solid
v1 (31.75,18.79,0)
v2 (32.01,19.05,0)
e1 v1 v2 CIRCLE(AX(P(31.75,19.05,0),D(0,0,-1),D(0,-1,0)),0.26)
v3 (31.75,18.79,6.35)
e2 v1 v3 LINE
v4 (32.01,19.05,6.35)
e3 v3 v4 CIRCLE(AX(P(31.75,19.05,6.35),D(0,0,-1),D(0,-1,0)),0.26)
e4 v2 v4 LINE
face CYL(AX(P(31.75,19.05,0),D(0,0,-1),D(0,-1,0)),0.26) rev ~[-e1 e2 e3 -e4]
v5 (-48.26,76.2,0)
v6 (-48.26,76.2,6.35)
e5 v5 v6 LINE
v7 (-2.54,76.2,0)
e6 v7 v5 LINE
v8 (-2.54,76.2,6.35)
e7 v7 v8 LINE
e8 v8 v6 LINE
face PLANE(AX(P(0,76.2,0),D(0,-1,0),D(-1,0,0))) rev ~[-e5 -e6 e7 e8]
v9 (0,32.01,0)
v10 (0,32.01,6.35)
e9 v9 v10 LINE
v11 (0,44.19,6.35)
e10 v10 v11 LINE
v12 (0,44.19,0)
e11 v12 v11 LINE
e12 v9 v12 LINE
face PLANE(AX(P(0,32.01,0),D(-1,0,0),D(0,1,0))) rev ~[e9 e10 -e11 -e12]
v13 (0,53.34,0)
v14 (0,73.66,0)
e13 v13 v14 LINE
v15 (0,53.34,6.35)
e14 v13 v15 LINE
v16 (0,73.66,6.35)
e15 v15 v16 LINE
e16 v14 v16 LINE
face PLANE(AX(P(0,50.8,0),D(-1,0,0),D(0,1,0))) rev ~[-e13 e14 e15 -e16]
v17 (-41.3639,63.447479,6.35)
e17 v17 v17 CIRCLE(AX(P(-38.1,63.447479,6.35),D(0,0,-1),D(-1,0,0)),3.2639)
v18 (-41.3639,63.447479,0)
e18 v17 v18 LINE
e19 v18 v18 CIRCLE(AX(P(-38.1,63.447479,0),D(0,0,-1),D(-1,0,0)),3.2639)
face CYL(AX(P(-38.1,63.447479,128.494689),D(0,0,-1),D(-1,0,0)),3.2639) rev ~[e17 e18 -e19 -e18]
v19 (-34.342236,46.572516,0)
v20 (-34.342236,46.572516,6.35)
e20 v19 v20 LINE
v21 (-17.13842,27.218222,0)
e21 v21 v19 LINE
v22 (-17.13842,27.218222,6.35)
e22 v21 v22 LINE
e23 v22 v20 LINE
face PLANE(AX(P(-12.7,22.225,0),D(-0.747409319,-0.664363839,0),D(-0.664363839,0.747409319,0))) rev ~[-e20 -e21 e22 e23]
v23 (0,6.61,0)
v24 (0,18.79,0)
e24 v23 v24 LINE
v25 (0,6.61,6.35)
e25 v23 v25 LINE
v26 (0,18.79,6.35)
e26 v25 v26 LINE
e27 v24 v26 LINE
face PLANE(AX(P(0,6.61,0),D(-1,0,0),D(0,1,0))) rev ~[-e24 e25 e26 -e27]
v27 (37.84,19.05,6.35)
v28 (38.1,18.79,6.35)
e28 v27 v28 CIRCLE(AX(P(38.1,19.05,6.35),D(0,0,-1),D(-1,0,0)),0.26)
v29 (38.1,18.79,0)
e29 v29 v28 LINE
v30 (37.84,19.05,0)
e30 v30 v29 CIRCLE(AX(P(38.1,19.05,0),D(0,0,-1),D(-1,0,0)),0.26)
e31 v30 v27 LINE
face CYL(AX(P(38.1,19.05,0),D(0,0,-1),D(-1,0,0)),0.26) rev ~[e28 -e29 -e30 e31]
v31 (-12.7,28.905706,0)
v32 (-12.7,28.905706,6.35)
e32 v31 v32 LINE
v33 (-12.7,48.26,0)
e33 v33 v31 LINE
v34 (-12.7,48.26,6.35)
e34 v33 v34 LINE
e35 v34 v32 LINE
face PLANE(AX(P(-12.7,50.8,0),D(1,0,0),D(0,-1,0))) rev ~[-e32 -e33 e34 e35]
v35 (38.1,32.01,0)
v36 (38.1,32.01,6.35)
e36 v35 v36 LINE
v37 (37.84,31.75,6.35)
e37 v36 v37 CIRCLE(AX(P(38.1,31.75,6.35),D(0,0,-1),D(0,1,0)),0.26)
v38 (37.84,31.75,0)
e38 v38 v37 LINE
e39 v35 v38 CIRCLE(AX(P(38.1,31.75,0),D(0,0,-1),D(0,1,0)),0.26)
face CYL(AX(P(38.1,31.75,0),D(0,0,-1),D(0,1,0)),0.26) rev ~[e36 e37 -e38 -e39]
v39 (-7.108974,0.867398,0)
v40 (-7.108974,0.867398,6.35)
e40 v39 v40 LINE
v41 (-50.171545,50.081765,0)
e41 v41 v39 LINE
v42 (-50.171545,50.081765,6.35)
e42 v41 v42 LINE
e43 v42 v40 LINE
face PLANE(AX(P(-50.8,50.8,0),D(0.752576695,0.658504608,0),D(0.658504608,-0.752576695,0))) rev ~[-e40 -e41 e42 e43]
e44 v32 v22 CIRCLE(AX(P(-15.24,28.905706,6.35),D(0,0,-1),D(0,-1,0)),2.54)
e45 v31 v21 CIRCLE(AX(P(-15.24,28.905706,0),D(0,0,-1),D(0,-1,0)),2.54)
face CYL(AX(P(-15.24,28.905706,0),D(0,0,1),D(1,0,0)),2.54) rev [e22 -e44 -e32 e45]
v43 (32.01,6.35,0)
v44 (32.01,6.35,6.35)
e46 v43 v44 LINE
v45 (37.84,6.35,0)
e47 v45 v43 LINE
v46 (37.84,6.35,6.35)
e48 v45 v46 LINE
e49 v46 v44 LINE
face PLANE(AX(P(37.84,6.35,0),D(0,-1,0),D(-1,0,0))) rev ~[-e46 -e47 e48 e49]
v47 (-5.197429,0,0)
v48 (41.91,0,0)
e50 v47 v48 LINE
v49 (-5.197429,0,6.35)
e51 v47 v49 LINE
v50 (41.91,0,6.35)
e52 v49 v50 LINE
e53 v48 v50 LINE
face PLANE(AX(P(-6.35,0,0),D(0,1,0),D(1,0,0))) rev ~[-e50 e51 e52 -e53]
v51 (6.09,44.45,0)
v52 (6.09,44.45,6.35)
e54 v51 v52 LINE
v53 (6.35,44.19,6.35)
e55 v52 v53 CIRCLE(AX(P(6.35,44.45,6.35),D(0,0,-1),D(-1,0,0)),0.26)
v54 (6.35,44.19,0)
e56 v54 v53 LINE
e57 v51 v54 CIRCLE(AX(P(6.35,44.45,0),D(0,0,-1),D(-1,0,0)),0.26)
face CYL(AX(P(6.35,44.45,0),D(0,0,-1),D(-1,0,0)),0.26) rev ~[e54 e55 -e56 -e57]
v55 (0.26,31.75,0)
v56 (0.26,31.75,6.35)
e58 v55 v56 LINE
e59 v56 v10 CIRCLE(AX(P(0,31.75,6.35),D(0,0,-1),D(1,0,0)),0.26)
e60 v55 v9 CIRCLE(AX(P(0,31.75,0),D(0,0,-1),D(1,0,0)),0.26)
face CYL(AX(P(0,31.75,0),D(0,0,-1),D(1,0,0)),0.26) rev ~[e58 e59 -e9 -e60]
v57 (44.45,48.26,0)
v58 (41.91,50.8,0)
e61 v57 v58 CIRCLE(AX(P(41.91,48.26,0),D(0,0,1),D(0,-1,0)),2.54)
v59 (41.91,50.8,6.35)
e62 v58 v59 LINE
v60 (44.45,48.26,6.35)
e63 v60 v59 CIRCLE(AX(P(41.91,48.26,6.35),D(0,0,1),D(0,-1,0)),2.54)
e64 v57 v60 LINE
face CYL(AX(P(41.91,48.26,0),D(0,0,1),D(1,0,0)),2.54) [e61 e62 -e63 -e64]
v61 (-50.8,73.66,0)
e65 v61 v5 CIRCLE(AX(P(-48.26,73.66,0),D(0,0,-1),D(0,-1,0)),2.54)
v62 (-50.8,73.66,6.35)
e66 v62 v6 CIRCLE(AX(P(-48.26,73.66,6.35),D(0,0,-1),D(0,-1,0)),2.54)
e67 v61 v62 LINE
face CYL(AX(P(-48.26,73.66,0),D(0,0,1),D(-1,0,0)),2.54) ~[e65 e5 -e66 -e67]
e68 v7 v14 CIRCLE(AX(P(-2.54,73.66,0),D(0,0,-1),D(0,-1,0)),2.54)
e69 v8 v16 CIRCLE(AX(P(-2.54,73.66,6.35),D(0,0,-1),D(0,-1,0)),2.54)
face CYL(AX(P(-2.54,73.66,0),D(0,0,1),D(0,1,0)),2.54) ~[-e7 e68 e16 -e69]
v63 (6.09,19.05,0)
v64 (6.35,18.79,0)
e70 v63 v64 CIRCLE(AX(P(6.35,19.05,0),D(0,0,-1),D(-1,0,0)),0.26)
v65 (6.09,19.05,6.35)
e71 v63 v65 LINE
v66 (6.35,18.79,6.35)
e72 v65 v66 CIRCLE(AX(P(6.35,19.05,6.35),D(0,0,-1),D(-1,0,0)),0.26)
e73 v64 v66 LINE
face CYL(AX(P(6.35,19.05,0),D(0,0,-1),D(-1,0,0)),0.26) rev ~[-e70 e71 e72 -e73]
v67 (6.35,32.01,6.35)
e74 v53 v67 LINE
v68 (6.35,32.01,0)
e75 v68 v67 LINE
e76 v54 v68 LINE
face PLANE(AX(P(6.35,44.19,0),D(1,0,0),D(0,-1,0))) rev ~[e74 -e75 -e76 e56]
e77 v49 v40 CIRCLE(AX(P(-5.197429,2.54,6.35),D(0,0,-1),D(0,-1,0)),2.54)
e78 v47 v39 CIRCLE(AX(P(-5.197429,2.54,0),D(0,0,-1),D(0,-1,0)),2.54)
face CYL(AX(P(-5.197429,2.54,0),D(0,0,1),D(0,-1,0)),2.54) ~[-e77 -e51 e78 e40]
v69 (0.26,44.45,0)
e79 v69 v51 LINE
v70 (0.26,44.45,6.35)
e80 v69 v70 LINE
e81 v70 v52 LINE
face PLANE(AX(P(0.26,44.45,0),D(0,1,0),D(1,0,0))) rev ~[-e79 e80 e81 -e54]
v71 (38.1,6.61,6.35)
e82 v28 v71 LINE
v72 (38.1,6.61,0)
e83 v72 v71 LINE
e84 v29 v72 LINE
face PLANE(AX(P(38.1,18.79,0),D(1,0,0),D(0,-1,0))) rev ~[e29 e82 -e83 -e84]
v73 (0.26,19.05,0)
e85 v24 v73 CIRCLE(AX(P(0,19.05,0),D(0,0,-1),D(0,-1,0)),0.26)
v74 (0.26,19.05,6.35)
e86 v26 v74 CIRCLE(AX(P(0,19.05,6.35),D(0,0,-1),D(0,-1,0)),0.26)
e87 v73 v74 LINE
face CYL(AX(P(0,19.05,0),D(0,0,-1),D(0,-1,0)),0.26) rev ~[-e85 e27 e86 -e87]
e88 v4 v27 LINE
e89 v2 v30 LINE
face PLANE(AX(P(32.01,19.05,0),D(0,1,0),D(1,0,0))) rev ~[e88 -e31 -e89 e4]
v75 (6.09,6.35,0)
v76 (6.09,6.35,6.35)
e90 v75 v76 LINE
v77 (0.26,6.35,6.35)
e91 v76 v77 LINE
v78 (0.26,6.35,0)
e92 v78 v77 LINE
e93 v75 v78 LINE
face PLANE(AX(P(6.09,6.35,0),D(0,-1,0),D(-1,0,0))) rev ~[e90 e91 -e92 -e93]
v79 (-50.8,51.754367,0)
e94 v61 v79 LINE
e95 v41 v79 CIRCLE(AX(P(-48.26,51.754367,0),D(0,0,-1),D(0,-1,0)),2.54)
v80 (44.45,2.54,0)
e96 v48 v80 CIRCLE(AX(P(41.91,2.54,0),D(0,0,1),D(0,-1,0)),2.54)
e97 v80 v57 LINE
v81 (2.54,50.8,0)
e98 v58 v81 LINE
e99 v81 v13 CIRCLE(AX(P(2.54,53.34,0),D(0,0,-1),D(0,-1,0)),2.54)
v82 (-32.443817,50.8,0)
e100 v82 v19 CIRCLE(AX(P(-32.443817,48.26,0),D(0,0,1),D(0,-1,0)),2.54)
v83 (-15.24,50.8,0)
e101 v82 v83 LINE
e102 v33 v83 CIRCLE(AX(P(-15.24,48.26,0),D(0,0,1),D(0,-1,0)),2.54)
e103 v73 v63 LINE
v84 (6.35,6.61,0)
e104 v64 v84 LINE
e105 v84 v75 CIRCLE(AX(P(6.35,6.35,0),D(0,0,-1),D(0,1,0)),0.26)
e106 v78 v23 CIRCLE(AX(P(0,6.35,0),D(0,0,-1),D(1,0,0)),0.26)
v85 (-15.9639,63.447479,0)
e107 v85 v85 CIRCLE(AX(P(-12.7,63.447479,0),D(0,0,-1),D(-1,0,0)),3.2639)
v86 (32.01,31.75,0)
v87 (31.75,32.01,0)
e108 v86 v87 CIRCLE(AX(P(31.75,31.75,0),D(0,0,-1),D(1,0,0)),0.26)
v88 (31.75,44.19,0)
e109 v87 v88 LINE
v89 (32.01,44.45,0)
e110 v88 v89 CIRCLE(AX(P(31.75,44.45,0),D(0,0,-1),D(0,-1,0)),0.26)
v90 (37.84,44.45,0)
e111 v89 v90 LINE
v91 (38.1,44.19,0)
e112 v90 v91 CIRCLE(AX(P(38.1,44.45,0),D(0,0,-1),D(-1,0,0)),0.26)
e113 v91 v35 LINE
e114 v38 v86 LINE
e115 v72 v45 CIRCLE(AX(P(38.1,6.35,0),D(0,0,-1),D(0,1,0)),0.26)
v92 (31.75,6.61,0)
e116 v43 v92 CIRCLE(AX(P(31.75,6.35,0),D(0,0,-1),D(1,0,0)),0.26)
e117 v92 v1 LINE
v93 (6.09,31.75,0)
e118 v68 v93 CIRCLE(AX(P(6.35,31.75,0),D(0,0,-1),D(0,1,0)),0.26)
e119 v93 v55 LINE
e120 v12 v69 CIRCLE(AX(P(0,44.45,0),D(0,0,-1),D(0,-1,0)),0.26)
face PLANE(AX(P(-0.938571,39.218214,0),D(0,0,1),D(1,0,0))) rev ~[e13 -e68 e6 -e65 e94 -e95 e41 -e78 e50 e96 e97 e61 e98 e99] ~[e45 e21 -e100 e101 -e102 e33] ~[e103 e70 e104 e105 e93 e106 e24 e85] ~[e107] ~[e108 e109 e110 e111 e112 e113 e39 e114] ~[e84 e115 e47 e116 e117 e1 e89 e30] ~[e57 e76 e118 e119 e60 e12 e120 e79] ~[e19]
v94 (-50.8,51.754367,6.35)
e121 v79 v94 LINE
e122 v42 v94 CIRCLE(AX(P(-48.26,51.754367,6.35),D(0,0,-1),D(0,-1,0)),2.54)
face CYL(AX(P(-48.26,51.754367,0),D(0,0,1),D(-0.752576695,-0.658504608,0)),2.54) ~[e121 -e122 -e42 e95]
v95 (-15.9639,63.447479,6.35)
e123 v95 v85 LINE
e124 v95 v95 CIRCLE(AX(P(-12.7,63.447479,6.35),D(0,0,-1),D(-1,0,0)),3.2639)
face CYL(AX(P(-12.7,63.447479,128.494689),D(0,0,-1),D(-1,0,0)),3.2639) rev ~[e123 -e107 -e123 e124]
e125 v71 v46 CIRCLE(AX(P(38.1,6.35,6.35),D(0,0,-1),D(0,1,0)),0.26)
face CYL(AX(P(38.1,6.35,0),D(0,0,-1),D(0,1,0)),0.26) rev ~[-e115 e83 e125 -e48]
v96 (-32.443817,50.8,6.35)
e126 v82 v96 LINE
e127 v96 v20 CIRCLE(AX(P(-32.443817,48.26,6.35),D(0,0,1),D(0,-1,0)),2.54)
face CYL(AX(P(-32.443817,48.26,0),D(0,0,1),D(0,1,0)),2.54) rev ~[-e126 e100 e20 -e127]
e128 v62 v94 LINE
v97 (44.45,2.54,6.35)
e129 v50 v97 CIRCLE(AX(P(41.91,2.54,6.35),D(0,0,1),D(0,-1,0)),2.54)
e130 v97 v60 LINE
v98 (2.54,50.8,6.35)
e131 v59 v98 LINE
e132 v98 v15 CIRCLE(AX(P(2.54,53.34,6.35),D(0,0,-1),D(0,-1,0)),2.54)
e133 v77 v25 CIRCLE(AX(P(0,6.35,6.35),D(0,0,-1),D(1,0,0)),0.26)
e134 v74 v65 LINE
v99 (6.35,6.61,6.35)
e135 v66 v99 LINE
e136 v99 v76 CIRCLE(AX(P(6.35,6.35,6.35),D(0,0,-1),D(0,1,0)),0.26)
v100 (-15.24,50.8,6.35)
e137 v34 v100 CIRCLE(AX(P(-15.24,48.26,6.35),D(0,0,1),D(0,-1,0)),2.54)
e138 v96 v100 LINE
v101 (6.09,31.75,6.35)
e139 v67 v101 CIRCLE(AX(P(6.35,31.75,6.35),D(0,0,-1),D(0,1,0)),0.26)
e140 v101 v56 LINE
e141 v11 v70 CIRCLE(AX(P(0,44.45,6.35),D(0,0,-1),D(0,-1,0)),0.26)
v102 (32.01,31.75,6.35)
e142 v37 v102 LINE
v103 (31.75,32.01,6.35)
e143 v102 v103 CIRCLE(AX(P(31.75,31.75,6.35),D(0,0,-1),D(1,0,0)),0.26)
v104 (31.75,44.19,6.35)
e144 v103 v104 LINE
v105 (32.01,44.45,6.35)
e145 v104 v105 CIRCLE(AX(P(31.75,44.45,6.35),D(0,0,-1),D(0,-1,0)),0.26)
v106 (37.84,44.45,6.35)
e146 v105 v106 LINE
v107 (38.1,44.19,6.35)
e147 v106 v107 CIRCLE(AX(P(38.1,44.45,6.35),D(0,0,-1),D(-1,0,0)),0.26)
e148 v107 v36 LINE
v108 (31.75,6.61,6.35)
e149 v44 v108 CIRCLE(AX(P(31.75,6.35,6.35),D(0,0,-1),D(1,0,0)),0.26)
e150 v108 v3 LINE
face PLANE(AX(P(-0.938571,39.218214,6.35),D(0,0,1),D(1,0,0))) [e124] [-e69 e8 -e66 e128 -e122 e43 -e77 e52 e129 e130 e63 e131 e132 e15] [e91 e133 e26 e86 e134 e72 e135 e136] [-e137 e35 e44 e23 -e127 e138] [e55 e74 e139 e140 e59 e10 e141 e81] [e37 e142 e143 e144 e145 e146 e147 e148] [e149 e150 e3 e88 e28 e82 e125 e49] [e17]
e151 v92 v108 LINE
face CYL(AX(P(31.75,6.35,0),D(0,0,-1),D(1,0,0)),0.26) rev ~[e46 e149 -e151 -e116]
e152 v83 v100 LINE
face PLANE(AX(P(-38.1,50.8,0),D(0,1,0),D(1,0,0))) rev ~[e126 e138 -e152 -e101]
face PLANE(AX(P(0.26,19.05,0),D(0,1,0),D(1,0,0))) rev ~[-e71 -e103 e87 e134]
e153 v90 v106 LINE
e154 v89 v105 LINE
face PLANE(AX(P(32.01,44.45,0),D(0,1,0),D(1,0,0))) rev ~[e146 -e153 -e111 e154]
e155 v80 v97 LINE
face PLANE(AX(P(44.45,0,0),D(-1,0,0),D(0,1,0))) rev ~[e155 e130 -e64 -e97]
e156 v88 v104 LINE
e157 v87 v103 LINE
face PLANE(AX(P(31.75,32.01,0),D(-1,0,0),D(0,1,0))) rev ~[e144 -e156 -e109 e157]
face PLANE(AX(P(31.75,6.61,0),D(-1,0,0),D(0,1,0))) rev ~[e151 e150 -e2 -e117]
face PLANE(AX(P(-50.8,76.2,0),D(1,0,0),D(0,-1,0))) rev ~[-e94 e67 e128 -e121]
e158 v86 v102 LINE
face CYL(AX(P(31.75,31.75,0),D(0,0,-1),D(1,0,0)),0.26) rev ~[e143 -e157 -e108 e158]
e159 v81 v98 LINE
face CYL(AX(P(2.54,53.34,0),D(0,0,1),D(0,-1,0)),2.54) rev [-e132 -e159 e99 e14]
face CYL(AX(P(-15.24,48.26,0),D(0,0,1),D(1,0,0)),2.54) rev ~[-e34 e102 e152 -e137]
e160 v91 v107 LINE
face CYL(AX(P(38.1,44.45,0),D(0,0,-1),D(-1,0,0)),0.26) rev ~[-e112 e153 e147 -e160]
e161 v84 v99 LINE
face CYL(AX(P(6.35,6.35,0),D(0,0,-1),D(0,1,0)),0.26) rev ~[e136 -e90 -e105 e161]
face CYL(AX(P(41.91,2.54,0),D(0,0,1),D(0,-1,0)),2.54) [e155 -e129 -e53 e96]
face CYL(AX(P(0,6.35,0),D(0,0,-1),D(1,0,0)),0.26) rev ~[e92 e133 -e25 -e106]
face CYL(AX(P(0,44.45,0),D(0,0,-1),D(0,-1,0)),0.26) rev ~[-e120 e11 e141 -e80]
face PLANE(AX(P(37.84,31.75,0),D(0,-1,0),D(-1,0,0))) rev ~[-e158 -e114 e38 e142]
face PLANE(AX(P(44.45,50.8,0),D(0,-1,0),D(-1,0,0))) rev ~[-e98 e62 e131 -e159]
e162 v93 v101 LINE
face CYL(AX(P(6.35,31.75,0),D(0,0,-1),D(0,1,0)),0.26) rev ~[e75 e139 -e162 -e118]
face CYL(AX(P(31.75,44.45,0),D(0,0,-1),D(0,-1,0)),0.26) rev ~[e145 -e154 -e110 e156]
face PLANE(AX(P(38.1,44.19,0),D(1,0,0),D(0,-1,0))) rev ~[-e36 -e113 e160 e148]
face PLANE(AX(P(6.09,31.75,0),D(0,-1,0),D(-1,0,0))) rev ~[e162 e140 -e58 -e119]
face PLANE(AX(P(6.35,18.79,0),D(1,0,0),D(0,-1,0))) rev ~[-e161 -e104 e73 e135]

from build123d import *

# Parameters (mm, degrees)
BOSS_EXTRUDE1_DEPTH      = 6.35
FILLET1_R                = 2.54
FILLET2_R                = 2.54
F_0_257_DIAMETER_HOLE1_D = 6.5278


with BuildPart() as part:
    # Sketch1 → Boss-Extrude1 (new body)
    with BuildSketch(Plane.XY):
        Polygon((-6.35, 0), (0, 0), (44.45, 0), (44.45, 32.01), (44.45, 44.19), (44.45, 50.8), (0, 50.8), (0, 76.2), (-50.8, 76.2), (-50.8, 50.8), align=None)
        Polygon((-12.7, 22.225), (-38.1, 50.8), (-12.7, 50.8), align=None, mode=Mode.SUBTRACT)
        with BuildLine():
            ThreePointArc((0.26, 6.35), (-0.183847763, 6.166152237), (0, 6.61))
            Line((0, 6.61), (0, 18.79))
            ThreePointArc((0, 18.79), (-0.183847763, 19.233847763), (0.26, 19.05))
            Line((0.26, 19.05), (6.09, 19.05))
            ThreePointArc((6.09, 19.05), (6.533847763, 19.233847763), (6.35, 18.79))
            Line((6.35, 18.79), (6.35, 6.61))
            ThreePointArc((6.35, 6.61), (6.533847763, 6.166152237), (6.09, 6.35))
            Line((6.09, 6.35), (0.26, 6.35))
        make_face(mode=Mode.SUBTRACT)
        with BuildLine():
            Line((31.75, 6.61), (31.75, 18.79))
            ThreePointArc((31.75, 18.79), (31.566152237, 19.233847763), (32.01, 19.05))
            Line((32.01, 19.05), (37.84, 19.05))
            ThreePointArc((37.84, 19.05), (38.283847763, 19.233847763), (38.1, 18.79))
            Line((38.1, 18.79), (38.1, 6.61))
            ThreePointArc((38.1, 6.61), (38.283847763, 6.166152237), (37.84, 6.35))
            Line((37.84, 6.35), (32.01, 6.35))
            ThreePointArc((32.01, 6.35), (31.566152237, 6.166152237), (31.75, 6.61))
        make_face(mode=Mode.SUBTRACT)
        with BuildLine():
            ThreePointArc((0, 44.19), (-0.183847763, 44.633847763), (0.26, 44.45))
            Line((0.26, 44.45), (6.09, 44.45))
            ThreePointArc((6.09, 44.45), (6.533847763, 44.633847763), (6.35, 44.19))
            Line((6.35, 44.19), (6.35, 32.01))
            ThreePointArc((6.35, 32.01), (6.533847763, 31.566152237), (6.09, 31.75))
            Line((6.09, 31.75), (0.26, 31.75))
            ThreePointArc((0.26, 31.75), (-0.183847763, 31.566152237), (0, 32.01))
            Line((0, 32.01), (0, 44.19))
        make_face(mode=Mode.SUBTRACT)
        with BuildLine():
            Line((38.1, 44.19), (38.1, 32.01))
            ThreePointArc((38.1, 32.01), (38.283847763, 31.566152237), (37.84, 31.75))
            Line((37.84, 31.75), (32.01, 31.75))
            ThreePointArc((32.01, 31.75), (31.566152237, 31.566152237), (31.75, 32.01))
            Line((31.75, 32.01), (31.75, 44.19))
            ThreePointArc((31.75, 44.19), (31.566152237, 44.633847763), (32.01, 44.45))
            Line((32.01, 44.45), (37.84, 44.45))
            ThreePointArc((37.84, 44.45), (38.283847763, 44.633847763), (38.1, 44.19))
        make_face(mode=Mode.SUBTRACT)
    extrude(amount=BOSS_EXTRUDE1_DEPTH)

    # Fillet1
    fillet1_edges = [part.edges().sort_by_distance(p)[0] for p in [
        (44.45, 0, 3.175),
        (-6.35, 0, 3.175),
        (-50.8, 50.8, 3.175),
        (-50.8, 76.2, 3.175),
        (0, 76.2, 3.175),
        (0, 50.8, 3.175),
        (44.45, 50.8, 3.175),
    ]]
    fillet(fillet1_edges, radius=FILLET1_R)

    # Fillet2
    fillet2_edges = [part.edges().sort_by_distance(p)[0] for p in [
        (-12.7, 22.225, 3.175),
        (-12.7, 50.8, 3.175),
        (-38.1, 50.8, 3.175),
    ]]
    fillet(fillet2_edges, radius=FILLET2_R)

    # F (0.257) Diameter Hole1 (through all)
    with Locations(Plane.XY.offset(6.35)):
        with Locations((-38.1, 63.44747919), (-12.7, 63.44747919)):
            Hole(F_0_257_DIAMETER_HOLE1_D / 2)


solid = part.part
